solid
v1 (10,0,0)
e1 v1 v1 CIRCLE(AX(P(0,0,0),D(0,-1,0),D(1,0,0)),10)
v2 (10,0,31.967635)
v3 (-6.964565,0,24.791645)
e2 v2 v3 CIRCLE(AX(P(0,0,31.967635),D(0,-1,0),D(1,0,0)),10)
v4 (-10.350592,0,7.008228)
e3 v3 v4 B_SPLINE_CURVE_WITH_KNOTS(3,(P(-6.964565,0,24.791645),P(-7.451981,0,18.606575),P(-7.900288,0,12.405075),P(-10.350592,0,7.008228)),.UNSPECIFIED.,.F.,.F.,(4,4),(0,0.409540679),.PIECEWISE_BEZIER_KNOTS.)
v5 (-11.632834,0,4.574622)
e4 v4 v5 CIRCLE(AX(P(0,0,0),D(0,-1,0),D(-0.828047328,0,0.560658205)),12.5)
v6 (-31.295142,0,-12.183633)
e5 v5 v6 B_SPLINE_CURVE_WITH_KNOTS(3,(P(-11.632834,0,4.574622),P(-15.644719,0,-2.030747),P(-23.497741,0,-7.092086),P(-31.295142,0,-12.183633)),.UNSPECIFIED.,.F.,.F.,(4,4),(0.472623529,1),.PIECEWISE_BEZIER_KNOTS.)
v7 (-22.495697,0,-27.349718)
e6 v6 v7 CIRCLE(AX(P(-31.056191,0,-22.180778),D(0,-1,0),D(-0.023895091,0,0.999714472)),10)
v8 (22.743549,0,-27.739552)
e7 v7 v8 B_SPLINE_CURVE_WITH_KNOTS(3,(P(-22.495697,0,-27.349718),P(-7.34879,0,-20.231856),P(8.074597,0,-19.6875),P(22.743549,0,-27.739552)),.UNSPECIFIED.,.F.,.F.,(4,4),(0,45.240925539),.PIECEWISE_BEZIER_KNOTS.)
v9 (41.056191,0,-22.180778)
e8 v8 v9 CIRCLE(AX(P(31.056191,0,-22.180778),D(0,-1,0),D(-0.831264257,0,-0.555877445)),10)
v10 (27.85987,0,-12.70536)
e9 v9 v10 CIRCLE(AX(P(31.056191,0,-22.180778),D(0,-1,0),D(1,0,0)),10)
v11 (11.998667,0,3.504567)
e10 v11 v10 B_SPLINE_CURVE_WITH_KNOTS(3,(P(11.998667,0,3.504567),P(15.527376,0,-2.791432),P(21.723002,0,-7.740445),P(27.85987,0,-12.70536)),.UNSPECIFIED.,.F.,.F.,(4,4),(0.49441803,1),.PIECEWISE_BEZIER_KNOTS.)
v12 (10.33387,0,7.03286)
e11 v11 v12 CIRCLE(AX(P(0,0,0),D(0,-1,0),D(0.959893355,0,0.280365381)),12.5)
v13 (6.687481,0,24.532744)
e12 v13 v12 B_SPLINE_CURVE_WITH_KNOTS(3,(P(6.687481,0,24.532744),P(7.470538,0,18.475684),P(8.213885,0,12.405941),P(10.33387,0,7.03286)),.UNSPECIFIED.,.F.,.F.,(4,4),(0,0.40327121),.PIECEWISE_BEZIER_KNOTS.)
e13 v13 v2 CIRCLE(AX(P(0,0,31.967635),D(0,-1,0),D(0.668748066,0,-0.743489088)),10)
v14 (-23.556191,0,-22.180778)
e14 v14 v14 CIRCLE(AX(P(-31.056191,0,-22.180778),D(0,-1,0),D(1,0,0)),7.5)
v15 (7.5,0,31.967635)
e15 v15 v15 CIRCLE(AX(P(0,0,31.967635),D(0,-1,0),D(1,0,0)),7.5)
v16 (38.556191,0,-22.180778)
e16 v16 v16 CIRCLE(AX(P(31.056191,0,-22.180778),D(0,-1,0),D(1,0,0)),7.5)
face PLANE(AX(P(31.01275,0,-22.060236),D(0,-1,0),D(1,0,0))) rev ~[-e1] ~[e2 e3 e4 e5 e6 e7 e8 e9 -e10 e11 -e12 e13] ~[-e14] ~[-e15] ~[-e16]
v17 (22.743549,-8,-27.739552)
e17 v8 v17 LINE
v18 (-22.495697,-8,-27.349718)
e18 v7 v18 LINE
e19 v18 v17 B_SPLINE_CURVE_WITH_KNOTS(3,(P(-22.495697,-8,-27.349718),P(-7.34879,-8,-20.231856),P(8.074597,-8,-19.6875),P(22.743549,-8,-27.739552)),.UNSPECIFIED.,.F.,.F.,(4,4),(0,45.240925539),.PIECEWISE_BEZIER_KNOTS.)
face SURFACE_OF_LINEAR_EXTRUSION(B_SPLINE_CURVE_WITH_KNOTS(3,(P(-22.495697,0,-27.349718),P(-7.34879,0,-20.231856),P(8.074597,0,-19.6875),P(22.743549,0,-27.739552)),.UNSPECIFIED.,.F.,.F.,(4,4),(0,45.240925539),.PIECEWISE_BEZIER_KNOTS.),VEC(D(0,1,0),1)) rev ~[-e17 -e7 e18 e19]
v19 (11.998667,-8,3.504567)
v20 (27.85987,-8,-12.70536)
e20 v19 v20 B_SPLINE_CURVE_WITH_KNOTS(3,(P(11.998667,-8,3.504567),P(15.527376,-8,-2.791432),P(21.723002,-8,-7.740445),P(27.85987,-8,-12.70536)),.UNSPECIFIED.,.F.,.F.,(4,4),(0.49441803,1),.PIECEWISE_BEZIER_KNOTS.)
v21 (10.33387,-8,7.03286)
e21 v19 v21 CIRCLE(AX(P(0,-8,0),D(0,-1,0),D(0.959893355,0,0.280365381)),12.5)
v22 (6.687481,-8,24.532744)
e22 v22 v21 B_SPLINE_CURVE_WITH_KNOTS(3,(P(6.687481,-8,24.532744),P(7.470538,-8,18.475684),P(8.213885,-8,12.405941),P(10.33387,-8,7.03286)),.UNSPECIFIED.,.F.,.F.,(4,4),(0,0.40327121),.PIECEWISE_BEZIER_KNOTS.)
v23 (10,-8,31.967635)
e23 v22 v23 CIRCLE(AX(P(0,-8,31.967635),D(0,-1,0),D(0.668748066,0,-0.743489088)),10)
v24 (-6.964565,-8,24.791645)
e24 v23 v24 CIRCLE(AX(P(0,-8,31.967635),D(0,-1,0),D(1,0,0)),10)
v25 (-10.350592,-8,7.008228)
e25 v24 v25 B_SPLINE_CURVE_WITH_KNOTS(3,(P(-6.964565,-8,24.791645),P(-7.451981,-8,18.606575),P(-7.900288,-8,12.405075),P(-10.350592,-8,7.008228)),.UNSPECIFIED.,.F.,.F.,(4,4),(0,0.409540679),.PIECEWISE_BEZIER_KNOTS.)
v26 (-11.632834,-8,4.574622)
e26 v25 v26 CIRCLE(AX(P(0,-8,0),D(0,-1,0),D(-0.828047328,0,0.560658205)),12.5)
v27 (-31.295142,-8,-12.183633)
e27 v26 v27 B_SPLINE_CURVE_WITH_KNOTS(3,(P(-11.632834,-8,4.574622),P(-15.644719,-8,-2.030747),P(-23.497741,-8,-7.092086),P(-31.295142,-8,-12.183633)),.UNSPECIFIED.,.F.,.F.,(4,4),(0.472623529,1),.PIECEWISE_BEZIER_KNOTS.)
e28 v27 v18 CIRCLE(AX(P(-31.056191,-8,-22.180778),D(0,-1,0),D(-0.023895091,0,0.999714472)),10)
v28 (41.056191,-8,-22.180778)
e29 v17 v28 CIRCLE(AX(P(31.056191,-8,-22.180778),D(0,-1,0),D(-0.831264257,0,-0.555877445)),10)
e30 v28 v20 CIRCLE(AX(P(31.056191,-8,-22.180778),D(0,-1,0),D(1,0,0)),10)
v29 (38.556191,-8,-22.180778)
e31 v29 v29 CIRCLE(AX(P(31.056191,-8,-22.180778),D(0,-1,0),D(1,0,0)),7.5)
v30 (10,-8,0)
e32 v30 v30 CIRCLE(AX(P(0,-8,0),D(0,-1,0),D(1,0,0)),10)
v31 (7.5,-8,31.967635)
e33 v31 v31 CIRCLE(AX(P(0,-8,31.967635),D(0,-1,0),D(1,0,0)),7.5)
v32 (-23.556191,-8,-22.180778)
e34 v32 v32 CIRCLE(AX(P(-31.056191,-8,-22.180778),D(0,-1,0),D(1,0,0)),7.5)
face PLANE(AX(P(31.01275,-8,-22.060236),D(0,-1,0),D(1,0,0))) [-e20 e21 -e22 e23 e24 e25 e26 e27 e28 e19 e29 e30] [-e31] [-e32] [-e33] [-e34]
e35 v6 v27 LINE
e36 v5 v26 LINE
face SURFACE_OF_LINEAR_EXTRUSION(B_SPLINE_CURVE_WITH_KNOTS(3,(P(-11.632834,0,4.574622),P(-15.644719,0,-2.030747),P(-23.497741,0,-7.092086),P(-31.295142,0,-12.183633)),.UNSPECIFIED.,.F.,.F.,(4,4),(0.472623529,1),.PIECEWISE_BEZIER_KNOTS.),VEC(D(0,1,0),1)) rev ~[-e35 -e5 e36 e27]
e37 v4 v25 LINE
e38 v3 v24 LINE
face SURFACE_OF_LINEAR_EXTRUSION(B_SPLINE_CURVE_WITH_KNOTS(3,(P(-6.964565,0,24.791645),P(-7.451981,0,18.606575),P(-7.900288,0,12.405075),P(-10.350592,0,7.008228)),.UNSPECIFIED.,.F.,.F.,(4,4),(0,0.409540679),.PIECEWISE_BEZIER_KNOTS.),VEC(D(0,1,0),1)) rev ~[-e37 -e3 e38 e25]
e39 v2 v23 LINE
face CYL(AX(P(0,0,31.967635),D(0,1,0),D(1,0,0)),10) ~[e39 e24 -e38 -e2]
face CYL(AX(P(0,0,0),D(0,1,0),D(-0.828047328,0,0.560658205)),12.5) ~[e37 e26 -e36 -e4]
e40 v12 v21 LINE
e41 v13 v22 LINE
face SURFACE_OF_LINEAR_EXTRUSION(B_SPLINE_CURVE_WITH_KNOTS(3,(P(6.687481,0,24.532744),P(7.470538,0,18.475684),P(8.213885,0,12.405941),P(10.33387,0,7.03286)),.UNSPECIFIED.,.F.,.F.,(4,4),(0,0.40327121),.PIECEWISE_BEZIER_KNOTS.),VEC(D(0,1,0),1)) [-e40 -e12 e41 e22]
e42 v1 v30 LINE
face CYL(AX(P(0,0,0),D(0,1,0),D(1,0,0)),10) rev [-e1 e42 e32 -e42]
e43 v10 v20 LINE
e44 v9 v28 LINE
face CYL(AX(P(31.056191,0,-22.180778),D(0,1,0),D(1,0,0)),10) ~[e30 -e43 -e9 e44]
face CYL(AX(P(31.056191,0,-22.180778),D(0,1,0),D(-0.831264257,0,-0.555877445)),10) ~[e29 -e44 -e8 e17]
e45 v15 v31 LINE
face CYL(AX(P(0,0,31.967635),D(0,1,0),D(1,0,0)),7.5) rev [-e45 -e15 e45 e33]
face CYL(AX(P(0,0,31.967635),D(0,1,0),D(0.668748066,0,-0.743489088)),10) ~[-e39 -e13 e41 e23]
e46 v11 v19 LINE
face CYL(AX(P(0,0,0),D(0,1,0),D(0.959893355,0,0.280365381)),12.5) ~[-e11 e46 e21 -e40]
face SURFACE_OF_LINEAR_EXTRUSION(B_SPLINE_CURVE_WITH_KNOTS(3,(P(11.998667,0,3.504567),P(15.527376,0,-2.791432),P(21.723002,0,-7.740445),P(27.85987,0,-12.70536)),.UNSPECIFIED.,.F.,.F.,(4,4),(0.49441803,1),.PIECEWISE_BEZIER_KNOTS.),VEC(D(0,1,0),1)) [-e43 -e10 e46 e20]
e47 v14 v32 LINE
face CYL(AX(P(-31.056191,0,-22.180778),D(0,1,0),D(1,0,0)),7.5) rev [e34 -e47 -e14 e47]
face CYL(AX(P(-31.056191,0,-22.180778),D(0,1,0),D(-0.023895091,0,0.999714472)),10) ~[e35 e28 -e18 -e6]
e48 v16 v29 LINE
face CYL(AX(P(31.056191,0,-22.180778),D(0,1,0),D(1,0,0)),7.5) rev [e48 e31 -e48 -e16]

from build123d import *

# Parameters (mm, degrees)
F0_R     = 7.5
F0_R_2   = 10
F1_DEPTH = 8


with BuildPart() as f1:
    # F0 (on Front) → F1 (new body)
    with BuildSketch(Plane.XZ):
        with BuildLine():
            ThreePointArc((22.7435485597, -27.739552218), (33.9608059325, -31.7496446171), (41.0561911335, -22.1807777631))
            ThreePointArc((41.0561911335, -22.1807777631), (36.8887202324, -14.0578716139), (27.8598702715, -12.7053604664))
            ThreePointArc((27.8598702715, -12.7053604664), (21.5893653588, -18.9590996674), (22.7435485597, -27.739552218))
        make_face()
        with Locations((31.0561911335, -22.1807777631)):
            Circle(F0_R, mode=Mode.SUBTRACT)
        with BuildLine():
            ThreePointArc((22.7435485597, -27.739552218), (21.5893653588, -18.9590996674), (27.8598702715, -12.7053604664))
            add(Edge.make_bspline(
                [(11.9986669392, 3.5045672604), (15.5273763643, -2.7914321935), (21.7230020158, -7.7404445524), (27.8598702715, -12.7053604664)],
                knots=[0.4944180295, 0.4944180295, 0.4944180295, 0.4944180295, 1, 1, 1, 1], degree=3))
            ThreePointArc((11.9986669392, 3.5045672604), (12.3740320175, 1.7701219252), (12.5, 0))
            ThreePointArc((12.5, 0), (-2.3280431317, -12.2812953379), (-11.6328344283, 4.5746216415))
            add(Edge.make_bspline(
                [(-11.6328344283, 4.5746216415), (-15.6447194127, -2.0307472706), (-23.4977410769, -7.092086294), (-31.2951420401, -12.1836330475)],
                knots=[0.4726235286, 0.4726235286, 0.4726235286, 0.4726235286, 1, 1, 1, 1], degree=3))
            ThreePointArc((-31.2951420401, -12.1836330475), (-24.0701160217, -15.0257267826), (-21.0561911335, -22.1807777631))
            ThreePointArc((-21.0561911335, -22.1807777631), (-21.4227873337, -24.8635992686), (-22.4956973795, -27.3497183401))
            add(Edge.make_bspline(
                [(-22.4956973795, -27.3497183401), (-7.3487902991, -20.2318560332), (8.0745965242, -19.687499851), (22.7435485597, -27.739552218)],
                knots=[0, 0, 0, 0, 45.2409255387, 45.2409255387, 45.2409255387, 45.2409255387], degree=3))
        make_face()
        with BuildLine():
            add(Edge.make_bspline(
                [(10.3338702169, 7.0328604665), (10.8130265387, 5.8184440669), (11.3625077018, 4.6396162908), (11.9986669392, 3.5045672604)],
                knots=[0.4032712101, 0.4032712101, 0.4032712101, 0.4032712101, 0.4944180295, 0.4944180295, 0.4944180295, 0.4944180295], degree=3))
            ThreePointArc((11.9986669392, 3.5045672604), (11.3047674542, 5.3340634423), (10.3338702169, 7.0328604665))
        make_face()
        with BuildLine():
            ThreePointArc((12.5, 0), (12.3740320175, 1.7701219252), (11.9986669392, 3.5045672604))
            add(Edge.make_bspline(
                [(10.3338702169, 7.0328604665), (10.8130265387, 5.8184440669), (11.3625077018, 4.6396162908), (11.9986669392, 3.5045672604)],
                knots=[0.4032712101, 0.4032712101, 0.4032712101, 0.4032712101, 0.4944180295, 0.4944180295, 0.4944180295, 0.4944180295], degree=3))
            ThreePointArc((10.3338702169, 7.0328604665), (-0.0148861091, 12.4999911361), (-10.3505916022, 7.0082275565))
            add(Edge.make_bspline(
                [(-10.3505916022, 7.0082275565), (-10.7280195981, 6.1769339903), (-11.152947384, 5.3647317709), (-11.6328344283, 4.5746216415)],
                knots=[0.4095406792, 0.4095406792, 0.4095406792, 0.4095406792, 0.4726235286, 0.4726235286, 0.4726235286, 0.4726235286], degree=3))
            ThreePointArc((-11.6328344283, 4.5746216415), (-2.3280431317, -12.2812953379), (12.5, 0))
        make_face()
        Circle(F0_R_2, mode=Mode.SUBTRACT)
        with BuildLine():
            ThreePointArc((-31.2951420401, -12.1836330475), (-39.7057318505, -27.1992880386), (-22.4956973795, -27.3497183401))
            ThreePointArc((-22.4956973795, -27.3497183401), (-21.4227873337, -24.8635992686), (-21.0561911335, -22.1807777631))
            ThreePointArc((-21.0561911335, -22.1807777631), (-24.0701160217, -15.0257267826), (-31.2951420401, -12.1836330475))
        make_face()
        with Locations((-31.0561911335, -22.1807777631)):
            Circle(F0_R, mode=Mode.SUBTRACT)
        with BuildLine():
            ThreePointArc((-10.3505916022, 7.0082275565), (-0.0148861091, 12.4999911361), (10.3338702169, 7.0328604665))
            add(Edge.make_bspline(
                [(6.6874806628, 24.5327443474), (7.4705381958, 18.4756836195), (8.2138845616, 12.4059406688), (10.3338702169, 7.0328604665)],
                knots=[0, 0, 0, 0, 0.4032712101, 0.4032712101, 0.4032712101, 0.4032712101], degree=3))
            ThreePointArc((6.6874806628, 24.5327443474), (-0.1896085558, 21.9694329583), (-6.9645652748, 24.7916453622))
            add(Edge.make_bspline(
                [(-6.9645652748, 24.7916453622), (-7.451980761, 18.6065749255), (-7.9002882416, 12.4050752767), (-10.3505916022, 7.0082275565)],
                knots=[0, 0, 0, 0, 0.4095406792, 0.4095406792, 0.4095406792, 0.4095406792], degree=3))
        make_face()
        with BuildLine():
            ThreePointArc((-10.3505916022, 7.0082275565), (-11.0588590934, 5.8268032018), (-11.6328344283, 4.5746216415))
            add(Edge.make_bspline(
                [(-10.3505916022, 7.0082275565), (-10.7280195981, 6.1769339903), (-11.152947384, 5.3647317709), (-11.6328344283, 4.5746216415)],
                knots=[0.4095406792, 0.4095406792, 0.4095406792, 0.4095406792, 0.4726235286, 0.4726235286, 0.4726235286, 0.4726235286], degree=3))
        make_face()
        with BuildLine():
            ThreePointArc((-6.9645652748, 24.7916453622), (-0.1896085558, 21.9694329583), (6.6874806628, 24.5327443474))
            ThreePointArc((6.6874806628, 24.5327443474), (9.1344076608, 27.8979181988), (10, 31.9676352265))
            ThreePointArc((10, 31.9676352265), (-3.8957892173, 41.1775660826), (-6.9645652748, 24.7916453622))
        make_face()
        with Locations((0, 31.9676352265)):
            Circle(F0_R, mode=Mode.SUBTRACT)
    extrude(amount=F1_DEPTH)


solid = f1.part
